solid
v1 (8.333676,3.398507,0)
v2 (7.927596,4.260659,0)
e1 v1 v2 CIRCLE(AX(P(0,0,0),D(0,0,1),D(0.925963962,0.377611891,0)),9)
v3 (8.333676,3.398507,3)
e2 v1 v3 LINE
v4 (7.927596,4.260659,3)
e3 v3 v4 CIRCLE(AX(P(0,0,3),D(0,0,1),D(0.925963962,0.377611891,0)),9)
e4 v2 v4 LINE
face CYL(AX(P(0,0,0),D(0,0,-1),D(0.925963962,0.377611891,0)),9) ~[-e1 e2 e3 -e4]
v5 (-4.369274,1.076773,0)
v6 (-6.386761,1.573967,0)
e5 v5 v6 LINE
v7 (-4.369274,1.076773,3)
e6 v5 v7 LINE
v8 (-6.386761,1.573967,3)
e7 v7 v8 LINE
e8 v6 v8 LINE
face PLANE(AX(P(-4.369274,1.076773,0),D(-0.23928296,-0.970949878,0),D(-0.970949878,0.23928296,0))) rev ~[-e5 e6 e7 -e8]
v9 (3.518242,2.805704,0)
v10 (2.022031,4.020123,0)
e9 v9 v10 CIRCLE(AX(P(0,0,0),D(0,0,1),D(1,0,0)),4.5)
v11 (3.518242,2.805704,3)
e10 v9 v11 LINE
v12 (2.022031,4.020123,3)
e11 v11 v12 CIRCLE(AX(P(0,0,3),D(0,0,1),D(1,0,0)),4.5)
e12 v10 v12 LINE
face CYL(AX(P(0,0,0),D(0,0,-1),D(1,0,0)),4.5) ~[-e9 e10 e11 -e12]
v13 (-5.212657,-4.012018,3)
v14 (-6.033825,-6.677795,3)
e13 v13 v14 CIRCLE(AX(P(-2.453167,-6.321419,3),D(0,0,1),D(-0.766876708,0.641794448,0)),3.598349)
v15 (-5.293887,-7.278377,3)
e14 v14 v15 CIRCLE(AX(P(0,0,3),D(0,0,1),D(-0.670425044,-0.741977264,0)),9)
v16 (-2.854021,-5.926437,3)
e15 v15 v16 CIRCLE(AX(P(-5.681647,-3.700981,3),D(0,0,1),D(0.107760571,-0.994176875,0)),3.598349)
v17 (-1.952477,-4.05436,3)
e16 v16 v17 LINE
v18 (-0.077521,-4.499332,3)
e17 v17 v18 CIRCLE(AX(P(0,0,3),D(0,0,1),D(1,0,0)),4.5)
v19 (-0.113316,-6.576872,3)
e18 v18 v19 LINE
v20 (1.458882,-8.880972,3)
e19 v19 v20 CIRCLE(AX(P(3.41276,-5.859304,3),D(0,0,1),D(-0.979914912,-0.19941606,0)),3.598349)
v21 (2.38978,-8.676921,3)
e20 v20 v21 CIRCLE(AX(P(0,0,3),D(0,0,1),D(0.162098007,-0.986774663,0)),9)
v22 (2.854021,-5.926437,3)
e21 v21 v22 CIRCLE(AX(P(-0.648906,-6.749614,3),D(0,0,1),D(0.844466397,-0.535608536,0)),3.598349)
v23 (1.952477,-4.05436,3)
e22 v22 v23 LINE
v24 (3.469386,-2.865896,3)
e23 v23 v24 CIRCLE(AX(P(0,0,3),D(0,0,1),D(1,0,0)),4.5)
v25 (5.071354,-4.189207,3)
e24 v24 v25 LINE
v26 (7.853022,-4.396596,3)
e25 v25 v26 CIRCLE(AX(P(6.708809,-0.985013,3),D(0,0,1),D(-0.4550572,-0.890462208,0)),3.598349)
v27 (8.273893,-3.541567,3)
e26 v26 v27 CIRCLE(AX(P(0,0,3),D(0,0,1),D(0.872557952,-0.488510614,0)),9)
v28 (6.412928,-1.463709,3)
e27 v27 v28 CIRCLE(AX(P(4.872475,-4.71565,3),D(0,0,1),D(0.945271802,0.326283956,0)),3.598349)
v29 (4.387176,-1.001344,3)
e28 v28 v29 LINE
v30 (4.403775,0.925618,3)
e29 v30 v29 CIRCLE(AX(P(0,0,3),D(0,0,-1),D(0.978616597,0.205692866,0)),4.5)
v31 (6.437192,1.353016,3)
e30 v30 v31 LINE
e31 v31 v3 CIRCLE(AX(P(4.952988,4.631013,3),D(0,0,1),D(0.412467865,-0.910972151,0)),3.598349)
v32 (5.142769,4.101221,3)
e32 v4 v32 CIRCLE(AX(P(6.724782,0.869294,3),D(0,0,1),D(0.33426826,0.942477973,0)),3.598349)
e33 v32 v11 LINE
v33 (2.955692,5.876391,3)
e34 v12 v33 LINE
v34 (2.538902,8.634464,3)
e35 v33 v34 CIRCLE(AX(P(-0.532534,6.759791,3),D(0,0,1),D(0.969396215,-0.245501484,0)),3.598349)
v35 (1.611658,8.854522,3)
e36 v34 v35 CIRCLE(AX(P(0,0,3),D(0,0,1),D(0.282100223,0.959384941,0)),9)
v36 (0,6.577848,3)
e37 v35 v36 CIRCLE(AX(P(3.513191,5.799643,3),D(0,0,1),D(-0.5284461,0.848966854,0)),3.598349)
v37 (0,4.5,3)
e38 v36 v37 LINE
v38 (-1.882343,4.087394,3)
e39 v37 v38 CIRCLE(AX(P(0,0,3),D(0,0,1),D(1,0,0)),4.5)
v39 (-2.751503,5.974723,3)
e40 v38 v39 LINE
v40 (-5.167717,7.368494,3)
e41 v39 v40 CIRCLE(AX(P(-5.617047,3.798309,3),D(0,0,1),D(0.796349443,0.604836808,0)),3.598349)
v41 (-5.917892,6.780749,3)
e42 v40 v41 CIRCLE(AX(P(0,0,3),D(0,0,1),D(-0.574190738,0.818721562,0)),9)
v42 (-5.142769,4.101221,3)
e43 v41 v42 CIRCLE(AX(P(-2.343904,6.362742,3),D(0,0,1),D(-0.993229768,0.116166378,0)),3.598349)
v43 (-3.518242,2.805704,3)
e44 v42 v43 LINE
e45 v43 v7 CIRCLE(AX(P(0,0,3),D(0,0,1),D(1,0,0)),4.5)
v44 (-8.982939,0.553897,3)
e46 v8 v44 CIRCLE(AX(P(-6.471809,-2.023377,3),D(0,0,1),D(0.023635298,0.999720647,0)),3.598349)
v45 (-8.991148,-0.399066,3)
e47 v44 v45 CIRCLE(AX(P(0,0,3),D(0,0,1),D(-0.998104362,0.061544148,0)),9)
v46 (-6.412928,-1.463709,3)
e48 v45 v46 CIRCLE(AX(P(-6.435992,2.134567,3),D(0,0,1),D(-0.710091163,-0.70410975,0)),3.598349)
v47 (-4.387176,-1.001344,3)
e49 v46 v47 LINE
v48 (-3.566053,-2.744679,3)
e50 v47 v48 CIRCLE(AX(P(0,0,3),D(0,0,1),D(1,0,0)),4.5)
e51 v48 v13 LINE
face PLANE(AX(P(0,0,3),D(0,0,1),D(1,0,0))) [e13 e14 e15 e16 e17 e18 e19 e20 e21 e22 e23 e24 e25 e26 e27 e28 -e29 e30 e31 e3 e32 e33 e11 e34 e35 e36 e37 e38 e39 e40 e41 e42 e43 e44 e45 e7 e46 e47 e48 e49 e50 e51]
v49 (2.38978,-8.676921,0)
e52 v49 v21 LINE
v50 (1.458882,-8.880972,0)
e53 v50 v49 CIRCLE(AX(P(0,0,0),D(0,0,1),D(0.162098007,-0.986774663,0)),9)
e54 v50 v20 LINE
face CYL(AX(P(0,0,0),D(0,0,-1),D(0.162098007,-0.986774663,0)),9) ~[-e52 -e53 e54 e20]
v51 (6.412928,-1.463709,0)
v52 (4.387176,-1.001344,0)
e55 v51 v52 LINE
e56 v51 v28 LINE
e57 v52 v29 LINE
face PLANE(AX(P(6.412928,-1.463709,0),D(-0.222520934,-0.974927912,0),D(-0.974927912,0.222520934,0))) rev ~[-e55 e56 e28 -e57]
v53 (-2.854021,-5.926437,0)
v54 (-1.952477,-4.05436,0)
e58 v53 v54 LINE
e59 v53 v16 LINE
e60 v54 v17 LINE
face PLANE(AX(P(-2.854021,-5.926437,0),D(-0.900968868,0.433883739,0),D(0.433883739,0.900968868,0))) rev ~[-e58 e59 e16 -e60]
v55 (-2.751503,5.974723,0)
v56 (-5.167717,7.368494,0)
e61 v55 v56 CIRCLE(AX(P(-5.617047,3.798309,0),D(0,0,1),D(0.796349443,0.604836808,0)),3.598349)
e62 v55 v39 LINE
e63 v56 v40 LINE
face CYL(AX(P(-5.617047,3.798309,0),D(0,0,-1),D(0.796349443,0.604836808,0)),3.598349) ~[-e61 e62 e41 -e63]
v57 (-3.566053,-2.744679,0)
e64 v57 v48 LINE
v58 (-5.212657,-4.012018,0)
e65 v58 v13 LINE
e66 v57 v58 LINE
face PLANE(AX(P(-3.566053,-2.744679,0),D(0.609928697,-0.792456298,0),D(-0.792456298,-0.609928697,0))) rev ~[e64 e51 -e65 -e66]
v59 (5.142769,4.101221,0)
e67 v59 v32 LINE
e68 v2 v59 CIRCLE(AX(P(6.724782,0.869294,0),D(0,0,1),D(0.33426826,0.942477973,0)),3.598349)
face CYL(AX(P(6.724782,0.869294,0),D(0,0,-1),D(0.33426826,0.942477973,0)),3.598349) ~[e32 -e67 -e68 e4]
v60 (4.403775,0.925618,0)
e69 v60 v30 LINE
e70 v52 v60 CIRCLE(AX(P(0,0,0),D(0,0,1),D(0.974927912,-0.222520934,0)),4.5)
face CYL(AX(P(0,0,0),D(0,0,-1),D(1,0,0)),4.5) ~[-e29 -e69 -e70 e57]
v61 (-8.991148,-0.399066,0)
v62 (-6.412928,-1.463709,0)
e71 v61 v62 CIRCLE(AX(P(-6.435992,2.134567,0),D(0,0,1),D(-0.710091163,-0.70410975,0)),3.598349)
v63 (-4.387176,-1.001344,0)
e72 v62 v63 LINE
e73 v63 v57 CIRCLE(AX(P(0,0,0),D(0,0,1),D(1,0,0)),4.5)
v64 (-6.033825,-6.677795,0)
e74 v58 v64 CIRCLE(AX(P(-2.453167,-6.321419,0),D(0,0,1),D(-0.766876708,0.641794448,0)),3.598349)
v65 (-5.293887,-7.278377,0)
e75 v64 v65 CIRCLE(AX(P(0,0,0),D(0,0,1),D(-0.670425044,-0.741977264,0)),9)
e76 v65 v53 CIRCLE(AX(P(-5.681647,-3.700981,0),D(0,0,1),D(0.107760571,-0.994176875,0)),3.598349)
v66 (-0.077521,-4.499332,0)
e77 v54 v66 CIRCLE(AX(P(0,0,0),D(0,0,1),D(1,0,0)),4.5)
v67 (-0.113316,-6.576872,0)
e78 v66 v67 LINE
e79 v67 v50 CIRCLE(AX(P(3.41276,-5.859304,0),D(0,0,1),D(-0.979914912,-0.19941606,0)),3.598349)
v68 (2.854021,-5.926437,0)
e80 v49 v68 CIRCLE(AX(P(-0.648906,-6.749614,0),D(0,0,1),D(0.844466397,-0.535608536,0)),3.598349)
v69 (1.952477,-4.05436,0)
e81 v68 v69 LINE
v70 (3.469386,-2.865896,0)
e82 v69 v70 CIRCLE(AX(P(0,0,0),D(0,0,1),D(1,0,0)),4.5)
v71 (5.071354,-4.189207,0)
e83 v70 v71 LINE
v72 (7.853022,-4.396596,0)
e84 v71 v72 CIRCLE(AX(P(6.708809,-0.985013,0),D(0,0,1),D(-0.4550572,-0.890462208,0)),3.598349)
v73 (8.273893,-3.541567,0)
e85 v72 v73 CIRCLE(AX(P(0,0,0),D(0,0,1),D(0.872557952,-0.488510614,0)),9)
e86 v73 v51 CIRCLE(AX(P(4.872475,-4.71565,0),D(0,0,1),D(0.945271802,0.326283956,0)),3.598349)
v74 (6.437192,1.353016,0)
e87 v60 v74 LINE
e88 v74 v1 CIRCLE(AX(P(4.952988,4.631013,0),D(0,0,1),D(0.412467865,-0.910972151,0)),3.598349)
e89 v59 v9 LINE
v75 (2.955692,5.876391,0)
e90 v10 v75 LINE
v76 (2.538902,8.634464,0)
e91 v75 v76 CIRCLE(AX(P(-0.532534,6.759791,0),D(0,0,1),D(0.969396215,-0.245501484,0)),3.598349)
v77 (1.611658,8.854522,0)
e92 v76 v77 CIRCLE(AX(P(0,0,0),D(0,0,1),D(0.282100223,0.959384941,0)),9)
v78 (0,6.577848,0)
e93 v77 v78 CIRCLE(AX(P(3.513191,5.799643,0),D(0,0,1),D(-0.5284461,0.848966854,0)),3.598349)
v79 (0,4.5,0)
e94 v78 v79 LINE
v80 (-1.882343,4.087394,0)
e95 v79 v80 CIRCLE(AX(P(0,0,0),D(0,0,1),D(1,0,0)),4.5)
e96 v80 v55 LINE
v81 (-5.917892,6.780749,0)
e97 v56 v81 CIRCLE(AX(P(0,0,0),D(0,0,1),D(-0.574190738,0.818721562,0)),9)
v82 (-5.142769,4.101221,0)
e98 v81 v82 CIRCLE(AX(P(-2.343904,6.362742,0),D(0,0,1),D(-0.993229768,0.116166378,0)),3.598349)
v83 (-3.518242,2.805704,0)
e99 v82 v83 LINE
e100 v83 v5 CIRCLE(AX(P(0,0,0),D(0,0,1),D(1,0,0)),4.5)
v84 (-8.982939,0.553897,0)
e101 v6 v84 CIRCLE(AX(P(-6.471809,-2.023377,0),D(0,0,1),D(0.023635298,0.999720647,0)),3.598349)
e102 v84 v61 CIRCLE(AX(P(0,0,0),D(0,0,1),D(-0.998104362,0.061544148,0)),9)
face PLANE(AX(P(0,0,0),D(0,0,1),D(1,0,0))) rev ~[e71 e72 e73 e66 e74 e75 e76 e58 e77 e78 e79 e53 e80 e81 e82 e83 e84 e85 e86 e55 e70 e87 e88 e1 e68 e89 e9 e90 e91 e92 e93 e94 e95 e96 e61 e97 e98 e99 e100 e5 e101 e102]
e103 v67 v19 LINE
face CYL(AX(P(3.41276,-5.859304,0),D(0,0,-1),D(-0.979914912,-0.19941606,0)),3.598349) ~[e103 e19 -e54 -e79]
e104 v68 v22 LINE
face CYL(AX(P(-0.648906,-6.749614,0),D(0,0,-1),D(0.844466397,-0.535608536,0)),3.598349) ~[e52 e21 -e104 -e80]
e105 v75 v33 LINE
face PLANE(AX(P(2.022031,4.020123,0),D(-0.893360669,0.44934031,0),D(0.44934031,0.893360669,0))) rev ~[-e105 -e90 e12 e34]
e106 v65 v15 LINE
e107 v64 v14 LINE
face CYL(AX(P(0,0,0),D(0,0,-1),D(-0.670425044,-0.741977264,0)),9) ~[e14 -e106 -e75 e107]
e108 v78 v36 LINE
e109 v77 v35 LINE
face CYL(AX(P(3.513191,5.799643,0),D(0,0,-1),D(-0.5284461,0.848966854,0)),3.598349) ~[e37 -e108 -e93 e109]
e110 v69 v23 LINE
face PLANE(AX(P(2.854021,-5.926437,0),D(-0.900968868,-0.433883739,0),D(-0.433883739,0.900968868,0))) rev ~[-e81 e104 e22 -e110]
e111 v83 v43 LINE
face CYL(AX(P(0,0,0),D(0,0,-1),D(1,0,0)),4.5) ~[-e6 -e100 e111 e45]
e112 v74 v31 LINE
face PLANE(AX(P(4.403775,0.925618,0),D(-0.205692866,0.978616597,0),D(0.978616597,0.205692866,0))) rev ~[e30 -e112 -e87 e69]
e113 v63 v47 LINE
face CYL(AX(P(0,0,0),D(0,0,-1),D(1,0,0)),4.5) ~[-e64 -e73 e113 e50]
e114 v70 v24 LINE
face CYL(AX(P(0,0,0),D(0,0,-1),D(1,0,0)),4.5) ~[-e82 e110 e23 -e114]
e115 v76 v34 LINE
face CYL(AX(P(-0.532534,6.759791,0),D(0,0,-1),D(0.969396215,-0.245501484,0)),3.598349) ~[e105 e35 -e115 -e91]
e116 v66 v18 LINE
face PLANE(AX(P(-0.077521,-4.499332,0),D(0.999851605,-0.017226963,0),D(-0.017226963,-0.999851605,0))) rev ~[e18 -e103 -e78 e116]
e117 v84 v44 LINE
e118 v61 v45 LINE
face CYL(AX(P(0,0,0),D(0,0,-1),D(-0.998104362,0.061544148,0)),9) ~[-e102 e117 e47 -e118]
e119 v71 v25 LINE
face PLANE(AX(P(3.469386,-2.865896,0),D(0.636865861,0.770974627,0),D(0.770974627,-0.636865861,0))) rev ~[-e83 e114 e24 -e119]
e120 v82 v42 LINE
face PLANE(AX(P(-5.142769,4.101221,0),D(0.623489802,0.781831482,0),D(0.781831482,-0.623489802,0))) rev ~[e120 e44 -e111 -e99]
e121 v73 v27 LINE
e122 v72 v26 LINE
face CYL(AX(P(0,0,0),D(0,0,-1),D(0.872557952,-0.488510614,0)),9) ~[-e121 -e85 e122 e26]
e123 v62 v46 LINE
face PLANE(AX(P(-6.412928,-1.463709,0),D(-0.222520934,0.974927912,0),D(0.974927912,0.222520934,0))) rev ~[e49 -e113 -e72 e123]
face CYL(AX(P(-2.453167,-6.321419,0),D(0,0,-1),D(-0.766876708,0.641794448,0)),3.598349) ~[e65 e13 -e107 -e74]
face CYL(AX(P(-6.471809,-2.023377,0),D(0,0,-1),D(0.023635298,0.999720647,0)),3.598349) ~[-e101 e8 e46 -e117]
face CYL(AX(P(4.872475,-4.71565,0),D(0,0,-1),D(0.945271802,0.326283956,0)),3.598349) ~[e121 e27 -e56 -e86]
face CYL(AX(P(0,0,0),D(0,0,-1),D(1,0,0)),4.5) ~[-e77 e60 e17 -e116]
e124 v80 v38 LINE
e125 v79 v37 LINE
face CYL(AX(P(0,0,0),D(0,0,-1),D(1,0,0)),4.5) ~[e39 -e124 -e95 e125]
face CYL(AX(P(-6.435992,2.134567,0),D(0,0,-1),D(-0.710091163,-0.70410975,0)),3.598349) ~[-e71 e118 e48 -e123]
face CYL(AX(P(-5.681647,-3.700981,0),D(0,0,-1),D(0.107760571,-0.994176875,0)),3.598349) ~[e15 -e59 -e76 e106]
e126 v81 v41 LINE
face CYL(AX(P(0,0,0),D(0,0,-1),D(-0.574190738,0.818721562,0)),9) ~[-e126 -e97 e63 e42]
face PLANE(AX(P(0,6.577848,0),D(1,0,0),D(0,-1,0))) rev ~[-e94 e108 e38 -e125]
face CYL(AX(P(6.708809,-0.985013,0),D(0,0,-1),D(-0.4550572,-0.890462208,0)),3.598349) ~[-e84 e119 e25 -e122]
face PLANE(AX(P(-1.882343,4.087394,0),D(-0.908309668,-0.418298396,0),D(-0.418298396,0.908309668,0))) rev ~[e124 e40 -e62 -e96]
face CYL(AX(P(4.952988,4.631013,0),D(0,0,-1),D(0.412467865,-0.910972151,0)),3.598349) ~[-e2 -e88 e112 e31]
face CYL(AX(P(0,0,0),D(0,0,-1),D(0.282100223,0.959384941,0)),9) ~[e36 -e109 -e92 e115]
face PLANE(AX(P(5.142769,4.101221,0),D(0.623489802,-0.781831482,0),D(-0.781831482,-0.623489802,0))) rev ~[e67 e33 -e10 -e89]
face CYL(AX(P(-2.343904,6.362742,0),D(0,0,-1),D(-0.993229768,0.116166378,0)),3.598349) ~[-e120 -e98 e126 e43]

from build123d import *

# Parameters (mm, degrees)
BOSS_EXTRU_1_DEPTH           = 3
R_P_TITION_CIRCULAIRE2_COUNT = 7
ESQUISSE5_R                  = 4.5
BOSS_EXTRU_2_DEPTH           = 3


with BuildPart() as part:
    # Esquisse4 → Boss.-Extru.1 (new body)
    with BuildSketch(Plane.XY):
        with BuildLine():
            Line((0, 6.577848346), (0, 4.5))
            ThreePointArc((0, 4.5), (1.039097311, 4.378387463), (2.022031395, 4.020123013))
            Line((2.022031395, 4.020123013), (2.955692415, 5.876391002))
            ThreePointArc((2.955692415, 5.876391002), (3.02541978, 7.297456647), (2.538901994, 8.634464469))
            ThreePointArc((2.538901994, 8.634464469), (2.078194622, 8.756774927), (1.611657757, 8.854521968))
            ThreePointArc((1.611657757, 8.854521968), (0.576250392, 7.878703818), (0, 6.577848346))
        make_face()
    extrude(amount=BOSS_EXTRU_1_DEPTH)


with BuildPart() as r_p_tition_circulaire2_1:
    # Répétition circulaire2: pattern copy
    add(part.part.rotate(Axis((0, 0, 0), (0, 0, 1)), 1 * 360 / R_P_TITION_CIRCULAIRE2_COUNT))


with BuildPart() as r_p_tition_circulaire2_2:
    # Répétition circulaire2: pattern copy
    add(part.part.rotate(Axis((0, 0, 0), (0, 0, 1)), 2 * 360 / R_P_TITION_CIRCULAIRE2_COUNT))


with BuildPart() as r_p_tition_circulaire2_3:
    # Répétition circulaire2: pattern copy
    add(part.part.rotate(Axis((0, 0, 0), (0, 0, 1)), 3 * 360 / R_P_TITION_CIRCULAIRE2_COUNT))


with BuildPart() as r_p_tition_circulaire2_4:
    # Répétition circulaire2: pattern copy
    add(part.part.rotate(Axis((0, 0, 0), (0, 0, 1)), 4 * 360 / R_P_TITION_CIRCULAIRE2_COUNT))


with BuildPart() as r_p_tition_circulaire2_5:
    # Répétition circulaire2: pattern copy
    add(part.part.rotate(Axis((0, 0, 0), (0, 0, 1)), 5 * 360 / R_P_TITION_CIRCULAIRE2_COUNT))


with BuildPart() as r_p_tition_circulaire2_6:
    # Répétition circulaire2: pattern copy
    add(part.part.rotate(Axis((0, 0, 0), (0, 0, 1)), 6 * 360 / R_P_TITION_CIRCULAIRE2_COUNT))


with BuildPart() as part_1:
    add(part.part)

    add(r_p_tition_circulaire2_1.part)  # Boss.-Extru.2 merges Répétition circulaire2_1

    add(r_p_tition_circulaire2_2.part)  # Boss.-Extru.2 merges Répétition circulaire2_2

    add(r_p_tition_circulaire2_3.part)  # Boss.-Extru.2 merges Répétition circulaire2_3

    add(r_p_tition_circulaire2_4.part)  # Boss.-Extru.2 merges Répétition circulaire2_4

    add(r_p_tition_circulaire2_5.part)  # Boss.-Extru.2 merges Répétition circulaire2_5

    add(r_p_tition_circulaire2_6.part)  # Boss.-Extru.2 merges Répétition circulaire2_6
    # Esquisse5 → Boss.-Extru.2 (add)
    with BuildSketch(Plane.XY):
        Circle(ESQUISSE5_R)
    extrude(amount=BOSS_EXTRU_2_DEPTH)


solid = part_1.part
